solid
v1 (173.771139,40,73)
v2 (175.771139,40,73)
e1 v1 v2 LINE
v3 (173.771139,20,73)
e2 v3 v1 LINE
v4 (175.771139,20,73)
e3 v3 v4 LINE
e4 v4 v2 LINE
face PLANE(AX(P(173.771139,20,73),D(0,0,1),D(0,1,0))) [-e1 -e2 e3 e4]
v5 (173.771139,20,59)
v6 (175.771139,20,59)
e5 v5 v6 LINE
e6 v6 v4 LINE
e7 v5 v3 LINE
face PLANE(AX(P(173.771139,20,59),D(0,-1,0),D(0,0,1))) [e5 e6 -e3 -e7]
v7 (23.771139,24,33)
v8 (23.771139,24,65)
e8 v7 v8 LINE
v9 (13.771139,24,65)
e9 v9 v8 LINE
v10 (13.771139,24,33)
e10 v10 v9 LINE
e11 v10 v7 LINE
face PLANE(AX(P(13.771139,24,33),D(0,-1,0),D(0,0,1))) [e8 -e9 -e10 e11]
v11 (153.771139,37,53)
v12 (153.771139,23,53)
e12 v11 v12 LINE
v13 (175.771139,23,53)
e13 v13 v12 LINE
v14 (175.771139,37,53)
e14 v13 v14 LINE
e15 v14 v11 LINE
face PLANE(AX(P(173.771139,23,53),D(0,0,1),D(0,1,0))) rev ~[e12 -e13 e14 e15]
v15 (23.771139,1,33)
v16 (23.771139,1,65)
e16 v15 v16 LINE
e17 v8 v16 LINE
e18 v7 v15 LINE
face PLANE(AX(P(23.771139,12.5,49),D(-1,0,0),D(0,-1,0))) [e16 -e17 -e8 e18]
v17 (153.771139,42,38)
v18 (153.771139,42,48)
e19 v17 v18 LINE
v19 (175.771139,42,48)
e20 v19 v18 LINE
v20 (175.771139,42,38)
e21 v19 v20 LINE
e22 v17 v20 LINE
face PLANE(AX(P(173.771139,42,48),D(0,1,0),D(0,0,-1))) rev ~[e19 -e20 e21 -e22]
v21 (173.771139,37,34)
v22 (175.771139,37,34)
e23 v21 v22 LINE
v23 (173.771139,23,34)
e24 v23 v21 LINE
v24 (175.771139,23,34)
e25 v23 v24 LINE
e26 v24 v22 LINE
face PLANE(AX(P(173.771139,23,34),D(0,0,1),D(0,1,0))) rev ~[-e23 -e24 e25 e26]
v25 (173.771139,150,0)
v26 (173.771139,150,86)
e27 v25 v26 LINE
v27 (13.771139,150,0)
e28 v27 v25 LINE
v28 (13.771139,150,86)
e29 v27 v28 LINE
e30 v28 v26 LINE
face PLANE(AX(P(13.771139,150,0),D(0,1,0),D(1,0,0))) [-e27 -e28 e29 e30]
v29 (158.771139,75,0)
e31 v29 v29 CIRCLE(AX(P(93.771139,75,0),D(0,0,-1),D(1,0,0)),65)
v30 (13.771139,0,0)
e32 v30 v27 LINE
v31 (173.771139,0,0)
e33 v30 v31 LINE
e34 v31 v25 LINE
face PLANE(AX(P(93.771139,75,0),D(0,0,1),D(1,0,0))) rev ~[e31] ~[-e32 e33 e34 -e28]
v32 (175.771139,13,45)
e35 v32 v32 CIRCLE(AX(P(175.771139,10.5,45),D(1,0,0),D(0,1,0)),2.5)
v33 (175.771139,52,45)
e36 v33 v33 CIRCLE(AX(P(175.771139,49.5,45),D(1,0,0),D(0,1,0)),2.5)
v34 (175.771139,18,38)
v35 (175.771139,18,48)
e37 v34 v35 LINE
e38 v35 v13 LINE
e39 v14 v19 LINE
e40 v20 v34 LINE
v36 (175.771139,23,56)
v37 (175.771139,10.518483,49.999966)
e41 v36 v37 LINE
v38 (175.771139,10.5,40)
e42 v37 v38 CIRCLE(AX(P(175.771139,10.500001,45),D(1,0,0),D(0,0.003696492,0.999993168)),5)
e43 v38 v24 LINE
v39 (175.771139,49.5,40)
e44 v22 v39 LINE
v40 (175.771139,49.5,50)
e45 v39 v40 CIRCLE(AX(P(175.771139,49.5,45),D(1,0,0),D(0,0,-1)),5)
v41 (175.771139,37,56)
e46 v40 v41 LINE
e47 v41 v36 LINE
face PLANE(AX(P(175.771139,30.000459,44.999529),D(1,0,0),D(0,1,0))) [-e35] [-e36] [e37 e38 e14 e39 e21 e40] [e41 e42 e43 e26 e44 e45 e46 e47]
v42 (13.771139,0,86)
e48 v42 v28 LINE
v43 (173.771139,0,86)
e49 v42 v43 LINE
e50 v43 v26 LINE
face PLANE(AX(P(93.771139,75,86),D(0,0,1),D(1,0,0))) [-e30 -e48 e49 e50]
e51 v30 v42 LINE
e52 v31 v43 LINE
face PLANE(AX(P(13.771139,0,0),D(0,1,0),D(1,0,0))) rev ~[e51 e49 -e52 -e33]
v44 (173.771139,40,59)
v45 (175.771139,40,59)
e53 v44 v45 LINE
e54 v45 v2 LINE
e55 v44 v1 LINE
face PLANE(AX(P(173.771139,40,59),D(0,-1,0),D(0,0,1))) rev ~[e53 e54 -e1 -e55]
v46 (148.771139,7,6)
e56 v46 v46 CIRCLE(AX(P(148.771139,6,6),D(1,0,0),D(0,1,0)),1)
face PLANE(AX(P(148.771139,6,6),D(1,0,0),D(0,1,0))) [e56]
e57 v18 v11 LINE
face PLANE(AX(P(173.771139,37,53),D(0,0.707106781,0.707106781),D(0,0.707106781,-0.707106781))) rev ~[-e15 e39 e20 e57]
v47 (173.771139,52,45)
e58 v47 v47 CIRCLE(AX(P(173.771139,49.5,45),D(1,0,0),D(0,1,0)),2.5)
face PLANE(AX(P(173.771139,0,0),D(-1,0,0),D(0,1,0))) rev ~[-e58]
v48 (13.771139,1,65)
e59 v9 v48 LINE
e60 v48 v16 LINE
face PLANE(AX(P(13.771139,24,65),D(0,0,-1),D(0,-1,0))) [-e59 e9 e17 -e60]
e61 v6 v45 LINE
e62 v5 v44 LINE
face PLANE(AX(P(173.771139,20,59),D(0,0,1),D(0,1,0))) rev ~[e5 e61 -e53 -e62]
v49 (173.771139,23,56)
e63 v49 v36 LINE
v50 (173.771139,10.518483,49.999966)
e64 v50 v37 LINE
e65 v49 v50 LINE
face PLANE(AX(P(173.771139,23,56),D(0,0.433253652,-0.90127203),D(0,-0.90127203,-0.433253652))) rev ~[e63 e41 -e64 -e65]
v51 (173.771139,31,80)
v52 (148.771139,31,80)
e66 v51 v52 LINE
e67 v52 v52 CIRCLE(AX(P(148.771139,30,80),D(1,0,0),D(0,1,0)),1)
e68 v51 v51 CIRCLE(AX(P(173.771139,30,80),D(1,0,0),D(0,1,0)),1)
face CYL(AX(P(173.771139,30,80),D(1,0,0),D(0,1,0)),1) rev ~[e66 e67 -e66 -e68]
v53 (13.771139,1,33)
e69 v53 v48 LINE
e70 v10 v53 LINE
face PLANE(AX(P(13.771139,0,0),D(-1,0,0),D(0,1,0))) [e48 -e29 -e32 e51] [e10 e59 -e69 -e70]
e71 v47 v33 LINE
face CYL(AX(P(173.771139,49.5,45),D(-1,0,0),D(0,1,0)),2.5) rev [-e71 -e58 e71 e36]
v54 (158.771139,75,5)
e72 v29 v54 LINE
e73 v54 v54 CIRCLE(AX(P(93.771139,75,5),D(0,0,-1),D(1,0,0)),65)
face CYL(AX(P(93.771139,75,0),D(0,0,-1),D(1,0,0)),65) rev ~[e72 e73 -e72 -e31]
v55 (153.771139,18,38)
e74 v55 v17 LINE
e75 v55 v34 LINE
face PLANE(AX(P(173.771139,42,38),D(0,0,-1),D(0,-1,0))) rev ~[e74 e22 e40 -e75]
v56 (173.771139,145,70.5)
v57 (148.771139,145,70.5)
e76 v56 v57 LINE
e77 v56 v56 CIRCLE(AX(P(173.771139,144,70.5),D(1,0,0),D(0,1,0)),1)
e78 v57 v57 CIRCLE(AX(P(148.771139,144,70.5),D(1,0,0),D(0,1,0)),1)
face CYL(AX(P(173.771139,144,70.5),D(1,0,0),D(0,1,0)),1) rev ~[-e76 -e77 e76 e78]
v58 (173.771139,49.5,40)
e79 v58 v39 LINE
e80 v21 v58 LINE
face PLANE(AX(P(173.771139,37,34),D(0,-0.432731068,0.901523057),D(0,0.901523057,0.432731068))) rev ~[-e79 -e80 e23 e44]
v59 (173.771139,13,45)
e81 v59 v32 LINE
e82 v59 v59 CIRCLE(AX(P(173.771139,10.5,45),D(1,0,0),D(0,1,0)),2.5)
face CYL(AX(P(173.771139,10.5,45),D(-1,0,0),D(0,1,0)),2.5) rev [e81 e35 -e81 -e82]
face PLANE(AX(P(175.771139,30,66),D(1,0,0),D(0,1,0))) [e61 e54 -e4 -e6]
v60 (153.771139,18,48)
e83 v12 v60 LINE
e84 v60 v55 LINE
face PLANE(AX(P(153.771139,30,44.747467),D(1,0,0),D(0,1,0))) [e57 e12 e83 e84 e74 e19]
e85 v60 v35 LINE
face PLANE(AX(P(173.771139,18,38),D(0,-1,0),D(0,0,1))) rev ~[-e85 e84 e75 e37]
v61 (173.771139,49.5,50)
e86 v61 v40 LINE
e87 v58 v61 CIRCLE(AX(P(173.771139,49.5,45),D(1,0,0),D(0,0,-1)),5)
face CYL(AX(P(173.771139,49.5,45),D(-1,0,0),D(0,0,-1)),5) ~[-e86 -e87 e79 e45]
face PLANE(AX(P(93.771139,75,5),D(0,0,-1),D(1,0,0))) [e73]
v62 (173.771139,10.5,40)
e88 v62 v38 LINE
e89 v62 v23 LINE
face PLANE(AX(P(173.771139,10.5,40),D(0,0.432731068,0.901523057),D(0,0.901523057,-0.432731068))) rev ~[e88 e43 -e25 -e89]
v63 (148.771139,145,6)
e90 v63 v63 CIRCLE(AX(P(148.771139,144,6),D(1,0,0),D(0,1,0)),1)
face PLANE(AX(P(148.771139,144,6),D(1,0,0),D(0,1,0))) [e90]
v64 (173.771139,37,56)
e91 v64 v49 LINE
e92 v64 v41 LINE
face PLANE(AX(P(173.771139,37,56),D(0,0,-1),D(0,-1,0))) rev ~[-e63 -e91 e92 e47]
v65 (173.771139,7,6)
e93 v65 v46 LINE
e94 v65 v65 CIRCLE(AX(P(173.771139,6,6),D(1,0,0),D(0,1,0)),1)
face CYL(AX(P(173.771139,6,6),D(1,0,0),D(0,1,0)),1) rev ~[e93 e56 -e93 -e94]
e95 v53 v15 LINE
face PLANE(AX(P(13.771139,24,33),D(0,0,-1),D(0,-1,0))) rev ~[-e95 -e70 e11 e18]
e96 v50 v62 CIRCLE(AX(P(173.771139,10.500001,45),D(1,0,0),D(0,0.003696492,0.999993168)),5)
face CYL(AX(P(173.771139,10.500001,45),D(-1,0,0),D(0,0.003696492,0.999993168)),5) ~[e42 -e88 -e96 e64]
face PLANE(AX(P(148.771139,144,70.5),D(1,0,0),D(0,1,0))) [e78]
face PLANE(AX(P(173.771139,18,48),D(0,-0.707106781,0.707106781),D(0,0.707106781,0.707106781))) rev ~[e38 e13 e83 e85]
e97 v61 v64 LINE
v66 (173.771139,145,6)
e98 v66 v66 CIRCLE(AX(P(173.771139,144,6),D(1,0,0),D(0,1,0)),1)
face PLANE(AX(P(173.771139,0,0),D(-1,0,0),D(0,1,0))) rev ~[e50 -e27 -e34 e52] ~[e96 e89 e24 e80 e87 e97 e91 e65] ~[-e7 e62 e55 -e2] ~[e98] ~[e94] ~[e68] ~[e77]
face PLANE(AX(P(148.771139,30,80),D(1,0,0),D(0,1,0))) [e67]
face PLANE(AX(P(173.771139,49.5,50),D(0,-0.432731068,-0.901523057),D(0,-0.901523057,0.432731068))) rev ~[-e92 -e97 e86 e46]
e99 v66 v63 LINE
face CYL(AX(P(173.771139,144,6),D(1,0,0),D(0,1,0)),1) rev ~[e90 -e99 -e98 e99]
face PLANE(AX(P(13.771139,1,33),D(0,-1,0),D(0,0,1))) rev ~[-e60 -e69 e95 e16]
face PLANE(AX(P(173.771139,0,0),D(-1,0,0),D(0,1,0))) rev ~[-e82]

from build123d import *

# Parameters (mm, degrees)
F0_W      = 160
F0_H      = 150
F1_DEPTH  = 86
F3_DEPTH  = 20
F4_W      = 20
F4_H      = 14
F5_DEPTH  = 2
F6_R      = 2.5
F7_DEPTH  = 2
F8_R      = 1
F9_DEPTH  = 25
F10_W     = 23
F10_H     = 32
F11_DEPTH = 10
F12_R     = 65
F13_DEPTH = 5


with BuildPart() as f1:
    # F0 (on Top) → F1 (new body)
    with BuildSketch(Plane.XY):
        with Locations((93.771139, 75)):
            Rectangle(F0_W, F0_H)
    extrude(amount=F1_DEPTH)

    # F2 (on face) → F3 (cut)
    with BuildSketch(Plane.YZ.offset(173.771139)):
        Polygon((37, 53), (23, 53), (18, 48), (18, 38), (42, 38), (42, 48), align=None)
    extrude(amount=-F3_DEPTH, mode=Mode.SUBTRACT)

    # F4 (on face) → F5 (join)
    with BuildSketch(Plane.YZ.offset(173.771139)):
        with Locations((30, 66)):
            Rectangle(F4_W, F4_H)
    extrude(amount=F5_DEPTH)

    # F6 (on face) → F7 (join)
    with BuildSketch(Plane.YZ.offset(173.771139)):
        with BuildLine():
            Line((23, 56), (10.518483, 49.999966))
            ThreePointArc((10.518483, 49.999966), (5.500009, 45.009242), (10.5, 40))
            Line((10.5, 40), (23, 34))
            Line((23, 34), (37, 34))
            Line((37, 34), (49.5, 40))
            ThreePointArc((49.5, 40), (54.5, 45), (49.5, 50))
            Line((49.5, 50), (37, 56))
            Line((37, 56), (23, 56))
        make_face()
        with Locations((10.5, 45)):
            Circle(F6_R, mode=Mode.SUBTRACT)
        Polygon((42, 38), (18, 38), (18, 48), (23, 53), (37, 53), (42, 48), align=None, mode=Mode.SUBTRACT)
        with Locations((49.5, 45)):
            Circle(F6_R, mode=Mode.SUBTRACT)
    extrude(amount=F7_DEPTH)

    # F8 (on face) → F9 (cut)
    with BuildSketch(Plane.YZ.offset(173.771139)):
        with Locations((30, 80)):
            Circle(F8_R)
        with Locations((6, 6)):
            Circle(F8_R)
        with Locations((144, 70.5)):
            Circle(F8_R)
        with Locations((144, 6)):
            Circle(F8_R)
    extrude(amount=-F9_DEPTH, mode=Mode.SUBTRACT)

    # F10 (on face) → F11 (cut)
    with BuildSketch(Plane(origin=(13.771139, 0, 0), x_dir=(0, -1, 0), z_dir=(-1, 0, 0))):
        with Locations((-12.5, 49)):
            Rectangle(F10_W, F10_H)
    extrude(amount=-F11_DEPTH, mode=Mode.SUBTRACT)

    # F12 (on face) → F13 (cut)
    with BuildSketch(Plane(origin=(0, 0, 0), x_dir=(1, 0, 0), z_dir=(0, 0, -1))):
        with Locations((93.771139, -75)):
            Circle(F12_R)
    extrude(amount=-F13_DEPTH, mode=Mode.SUBTRACT)


solid = f1.part
